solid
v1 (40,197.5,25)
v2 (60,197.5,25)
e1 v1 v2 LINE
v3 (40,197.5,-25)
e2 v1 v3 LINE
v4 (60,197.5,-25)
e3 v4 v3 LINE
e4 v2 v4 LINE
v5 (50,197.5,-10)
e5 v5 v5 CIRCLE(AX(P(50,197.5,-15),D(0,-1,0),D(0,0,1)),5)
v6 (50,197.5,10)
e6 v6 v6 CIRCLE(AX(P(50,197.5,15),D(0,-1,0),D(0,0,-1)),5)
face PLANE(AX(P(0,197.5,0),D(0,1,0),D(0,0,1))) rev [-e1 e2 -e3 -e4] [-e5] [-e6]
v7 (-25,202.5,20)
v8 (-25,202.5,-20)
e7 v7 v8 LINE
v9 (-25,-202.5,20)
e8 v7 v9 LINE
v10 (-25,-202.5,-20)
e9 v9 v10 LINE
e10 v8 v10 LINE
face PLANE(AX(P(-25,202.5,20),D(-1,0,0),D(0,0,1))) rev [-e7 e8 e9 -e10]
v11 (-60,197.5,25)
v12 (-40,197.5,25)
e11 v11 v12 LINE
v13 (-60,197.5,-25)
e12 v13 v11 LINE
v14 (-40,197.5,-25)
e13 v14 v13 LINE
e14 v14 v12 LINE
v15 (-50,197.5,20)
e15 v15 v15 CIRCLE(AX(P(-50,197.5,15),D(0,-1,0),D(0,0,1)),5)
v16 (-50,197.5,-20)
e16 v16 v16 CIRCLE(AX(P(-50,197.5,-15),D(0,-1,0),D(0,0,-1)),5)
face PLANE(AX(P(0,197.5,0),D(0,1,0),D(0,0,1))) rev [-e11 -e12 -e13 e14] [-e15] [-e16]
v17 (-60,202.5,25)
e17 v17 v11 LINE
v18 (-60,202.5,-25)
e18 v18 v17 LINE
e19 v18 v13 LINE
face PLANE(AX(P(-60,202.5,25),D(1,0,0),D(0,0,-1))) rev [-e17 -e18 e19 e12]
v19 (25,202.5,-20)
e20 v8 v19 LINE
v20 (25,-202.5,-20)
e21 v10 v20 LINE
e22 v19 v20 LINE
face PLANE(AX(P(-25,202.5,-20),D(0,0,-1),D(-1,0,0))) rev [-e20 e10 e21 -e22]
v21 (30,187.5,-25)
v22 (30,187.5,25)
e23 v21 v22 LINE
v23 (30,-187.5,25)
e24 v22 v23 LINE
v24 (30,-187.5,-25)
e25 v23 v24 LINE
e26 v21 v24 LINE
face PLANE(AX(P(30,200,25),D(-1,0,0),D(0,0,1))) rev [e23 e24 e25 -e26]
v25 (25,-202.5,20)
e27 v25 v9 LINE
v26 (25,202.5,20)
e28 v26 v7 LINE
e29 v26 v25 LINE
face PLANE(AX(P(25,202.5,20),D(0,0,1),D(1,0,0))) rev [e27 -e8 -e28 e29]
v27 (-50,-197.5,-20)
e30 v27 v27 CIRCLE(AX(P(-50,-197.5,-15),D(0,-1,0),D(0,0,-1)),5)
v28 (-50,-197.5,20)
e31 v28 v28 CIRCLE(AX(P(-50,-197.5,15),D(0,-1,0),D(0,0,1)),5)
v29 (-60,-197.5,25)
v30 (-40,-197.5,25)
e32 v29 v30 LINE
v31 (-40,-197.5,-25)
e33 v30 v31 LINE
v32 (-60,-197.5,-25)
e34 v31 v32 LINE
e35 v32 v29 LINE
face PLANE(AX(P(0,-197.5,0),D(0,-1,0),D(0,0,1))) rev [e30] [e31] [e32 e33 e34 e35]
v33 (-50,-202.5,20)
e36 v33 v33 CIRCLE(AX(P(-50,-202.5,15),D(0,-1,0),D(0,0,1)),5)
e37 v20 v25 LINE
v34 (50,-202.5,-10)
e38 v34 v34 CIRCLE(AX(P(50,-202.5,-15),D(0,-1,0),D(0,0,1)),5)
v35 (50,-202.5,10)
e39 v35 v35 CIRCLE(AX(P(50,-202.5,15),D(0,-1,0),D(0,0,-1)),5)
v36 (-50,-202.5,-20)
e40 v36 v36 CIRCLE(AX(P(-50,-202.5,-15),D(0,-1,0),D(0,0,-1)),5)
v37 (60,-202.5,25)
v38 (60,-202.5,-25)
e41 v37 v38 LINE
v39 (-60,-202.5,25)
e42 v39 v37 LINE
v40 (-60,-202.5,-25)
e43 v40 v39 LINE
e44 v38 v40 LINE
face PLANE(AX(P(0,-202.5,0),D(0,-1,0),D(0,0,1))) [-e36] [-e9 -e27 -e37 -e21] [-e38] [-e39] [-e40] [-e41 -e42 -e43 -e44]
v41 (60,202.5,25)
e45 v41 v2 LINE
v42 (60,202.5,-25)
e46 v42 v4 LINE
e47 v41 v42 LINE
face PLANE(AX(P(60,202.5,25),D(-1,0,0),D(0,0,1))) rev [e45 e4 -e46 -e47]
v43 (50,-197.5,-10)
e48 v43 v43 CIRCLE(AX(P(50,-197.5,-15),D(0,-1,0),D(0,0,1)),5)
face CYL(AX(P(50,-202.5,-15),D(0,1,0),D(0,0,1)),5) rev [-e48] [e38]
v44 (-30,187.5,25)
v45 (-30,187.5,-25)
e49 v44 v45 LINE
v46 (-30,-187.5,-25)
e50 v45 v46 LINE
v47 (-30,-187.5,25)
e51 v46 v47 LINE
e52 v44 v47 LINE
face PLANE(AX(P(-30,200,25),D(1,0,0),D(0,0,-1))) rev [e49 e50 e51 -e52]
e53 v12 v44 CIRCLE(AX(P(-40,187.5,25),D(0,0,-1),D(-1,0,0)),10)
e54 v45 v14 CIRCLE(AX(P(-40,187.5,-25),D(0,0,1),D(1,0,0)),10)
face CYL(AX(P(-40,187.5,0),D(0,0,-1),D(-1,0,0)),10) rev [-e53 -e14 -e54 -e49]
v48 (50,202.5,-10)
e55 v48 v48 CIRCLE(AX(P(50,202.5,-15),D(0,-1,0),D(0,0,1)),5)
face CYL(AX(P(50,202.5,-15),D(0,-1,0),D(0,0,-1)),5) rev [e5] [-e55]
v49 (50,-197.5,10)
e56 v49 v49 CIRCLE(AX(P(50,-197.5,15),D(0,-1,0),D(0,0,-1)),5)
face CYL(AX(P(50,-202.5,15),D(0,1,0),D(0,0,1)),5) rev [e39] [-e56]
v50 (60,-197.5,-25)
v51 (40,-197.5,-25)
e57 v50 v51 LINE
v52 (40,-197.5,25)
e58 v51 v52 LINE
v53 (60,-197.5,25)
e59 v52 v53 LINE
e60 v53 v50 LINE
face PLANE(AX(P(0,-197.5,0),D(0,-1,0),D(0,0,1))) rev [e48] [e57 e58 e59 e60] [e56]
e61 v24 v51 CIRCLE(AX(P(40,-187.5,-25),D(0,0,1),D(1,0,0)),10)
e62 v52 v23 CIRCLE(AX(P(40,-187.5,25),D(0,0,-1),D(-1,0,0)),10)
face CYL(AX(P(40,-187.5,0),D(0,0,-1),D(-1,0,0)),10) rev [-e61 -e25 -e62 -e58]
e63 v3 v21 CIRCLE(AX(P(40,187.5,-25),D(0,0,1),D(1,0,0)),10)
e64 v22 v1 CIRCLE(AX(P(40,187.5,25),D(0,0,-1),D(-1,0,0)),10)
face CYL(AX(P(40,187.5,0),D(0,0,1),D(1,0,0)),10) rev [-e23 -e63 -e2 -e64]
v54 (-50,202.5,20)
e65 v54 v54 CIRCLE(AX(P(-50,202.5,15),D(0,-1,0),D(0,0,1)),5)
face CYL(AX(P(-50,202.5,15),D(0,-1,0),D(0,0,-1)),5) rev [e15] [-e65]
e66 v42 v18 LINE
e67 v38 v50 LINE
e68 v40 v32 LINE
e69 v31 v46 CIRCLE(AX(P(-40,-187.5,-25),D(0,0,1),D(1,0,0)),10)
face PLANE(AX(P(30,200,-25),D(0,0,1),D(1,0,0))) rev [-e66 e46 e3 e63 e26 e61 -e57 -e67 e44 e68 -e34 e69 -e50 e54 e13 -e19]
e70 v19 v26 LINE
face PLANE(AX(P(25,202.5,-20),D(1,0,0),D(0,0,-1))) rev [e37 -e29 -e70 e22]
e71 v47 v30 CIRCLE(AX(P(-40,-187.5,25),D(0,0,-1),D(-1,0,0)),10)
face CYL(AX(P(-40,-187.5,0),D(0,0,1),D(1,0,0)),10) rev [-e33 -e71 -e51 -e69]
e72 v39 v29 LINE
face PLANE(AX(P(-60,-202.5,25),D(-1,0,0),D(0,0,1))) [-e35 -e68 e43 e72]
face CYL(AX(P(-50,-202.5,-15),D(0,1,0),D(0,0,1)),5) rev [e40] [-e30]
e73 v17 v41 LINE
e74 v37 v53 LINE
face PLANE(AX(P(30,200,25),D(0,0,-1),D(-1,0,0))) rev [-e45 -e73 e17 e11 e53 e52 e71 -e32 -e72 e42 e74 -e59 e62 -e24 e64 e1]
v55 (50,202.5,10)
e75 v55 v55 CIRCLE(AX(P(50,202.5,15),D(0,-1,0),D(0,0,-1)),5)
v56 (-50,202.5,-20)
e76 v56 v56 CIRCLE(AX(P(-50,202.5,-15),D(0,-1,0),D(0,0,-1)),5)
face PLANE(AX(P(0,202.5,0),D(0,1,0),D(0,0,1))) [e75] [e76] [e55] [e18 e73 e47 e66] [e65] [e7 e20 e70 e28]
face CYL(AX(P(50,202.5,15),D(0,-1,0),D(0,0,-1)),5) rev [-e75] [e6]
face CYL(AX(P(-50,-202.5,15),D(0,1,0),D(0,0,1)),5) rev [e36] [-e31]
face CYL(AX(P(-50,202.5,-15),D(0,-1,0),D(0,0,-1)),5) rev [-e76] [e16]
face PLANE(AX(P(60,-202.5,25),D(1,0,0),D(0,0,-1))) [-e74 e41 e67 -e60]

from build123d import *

# Parameters (mm, degrees)
SKETCH1_W            = 60
SKETCH1_H            = 50
BOSS_EXTRUDE1_DEPTH  = 200
SKETCH2_W            = 120
SKETCH2_H            = 50
BOSS_EXTRUDE2_DEPTH  = 2.5
FILLET1_R            = 10
SKETCH3_R            = 5
CUT_EXTRUDE1_DEPTH   = 403.779406127
FILLET1_OF_MIRROR1_R = 10
SKETCH4_W            = 50
SKETCH4_H            = 40
CUT_EXTRUDE2_DEPTH   = 411.18288604


with BuildPart() as part:
    # Sketch1 → Boss-Extrude1 (new, symmetric)
    with BuildSketch(Plane(origin=(0, 0, 0), x_dir=(-1, 0, 0), z_dir=(0, 1, 0))):
        Rectangle(SKETCH1_W, SKETCH1_H)
    extrude(amount=BOSS_EXTRUDE1_DEPTH, both=True)

    # Sketch2 → Boss-Extrude2 (add, symmetric)
    with BuildSketch(Plane(origin=(0, 200, 0), x_dir=(-1, 0, 0), z_dir=(0, 1, 0))):
        Rectangle(SKETCH2_W, SKETCH2_H)
    boss_extrude2 = extrude(amount=BOSS_EXTRUDE2_DEPTH, both=True)

    # Fillet1
    fillet1_edges = [part.edges().sort_by_distance(p)[0] for p in [
        (-30, 197.5, 0),
        (30, 197.5, 0),
    ]]
    fillet(fillet1_edges, radius=FILLET1_R)

    # Sketch3 → Cut-Extrude1 (cut, through all)
    with BuildSketch(Plane.XZ.offset(-197.5)):
        with Locations(Location((50, 15, 0), (0, 0, 270))):
            Circle(SKETCH3_R)
        with Locations(Location((50, -15, 0), (0, 0, 90))):
            Circle(SKETCH3_R)
        with Locations(Location((-50, 15, 0), (0, 0, 90))):
            Circle(SKETCH3_R)
        with Locations(Location((-50, -15, 0), (0, 0, 270))):
            Circle(SKETCH3_R)
    cut_extrude1 = extrude(amount=-CUT_EXTRUDE1_DEPTH, mode=Mode.SUBTRACT)

    # Mirror1: Boss-Extrude2, Cut-Extrude1 across plane
    add(boss_extrude2.mirror(Plane.ZX))
    add(cut_extrude1.mirror(Plane.ZX), mode=Mode.SUBTRACT)

    # Fillet1 of Mirror1
    fillet1_of_mirror1_edges = [part.edges().sort_by_distance(p)[0] for p in [
        (-30, -197.5, 0),
        (30, -197.5, 0),
    ]]
    fillet(fillet1_of_mirror1_edges, radius=FILLET1_OF_MIRROR1_R)

    # Sketch4 → Cut-Extrude2 (cut, through all)
    with BuildSketch(Plane.XZ.offset(202.5)):
        Rectangle(SKETCH4_W, SKETCH4_H)
    extrude(amount=-CUT_EXTRUDE2_DEPTH, mode=Mode.SUBTRACT)


solid = part.part
